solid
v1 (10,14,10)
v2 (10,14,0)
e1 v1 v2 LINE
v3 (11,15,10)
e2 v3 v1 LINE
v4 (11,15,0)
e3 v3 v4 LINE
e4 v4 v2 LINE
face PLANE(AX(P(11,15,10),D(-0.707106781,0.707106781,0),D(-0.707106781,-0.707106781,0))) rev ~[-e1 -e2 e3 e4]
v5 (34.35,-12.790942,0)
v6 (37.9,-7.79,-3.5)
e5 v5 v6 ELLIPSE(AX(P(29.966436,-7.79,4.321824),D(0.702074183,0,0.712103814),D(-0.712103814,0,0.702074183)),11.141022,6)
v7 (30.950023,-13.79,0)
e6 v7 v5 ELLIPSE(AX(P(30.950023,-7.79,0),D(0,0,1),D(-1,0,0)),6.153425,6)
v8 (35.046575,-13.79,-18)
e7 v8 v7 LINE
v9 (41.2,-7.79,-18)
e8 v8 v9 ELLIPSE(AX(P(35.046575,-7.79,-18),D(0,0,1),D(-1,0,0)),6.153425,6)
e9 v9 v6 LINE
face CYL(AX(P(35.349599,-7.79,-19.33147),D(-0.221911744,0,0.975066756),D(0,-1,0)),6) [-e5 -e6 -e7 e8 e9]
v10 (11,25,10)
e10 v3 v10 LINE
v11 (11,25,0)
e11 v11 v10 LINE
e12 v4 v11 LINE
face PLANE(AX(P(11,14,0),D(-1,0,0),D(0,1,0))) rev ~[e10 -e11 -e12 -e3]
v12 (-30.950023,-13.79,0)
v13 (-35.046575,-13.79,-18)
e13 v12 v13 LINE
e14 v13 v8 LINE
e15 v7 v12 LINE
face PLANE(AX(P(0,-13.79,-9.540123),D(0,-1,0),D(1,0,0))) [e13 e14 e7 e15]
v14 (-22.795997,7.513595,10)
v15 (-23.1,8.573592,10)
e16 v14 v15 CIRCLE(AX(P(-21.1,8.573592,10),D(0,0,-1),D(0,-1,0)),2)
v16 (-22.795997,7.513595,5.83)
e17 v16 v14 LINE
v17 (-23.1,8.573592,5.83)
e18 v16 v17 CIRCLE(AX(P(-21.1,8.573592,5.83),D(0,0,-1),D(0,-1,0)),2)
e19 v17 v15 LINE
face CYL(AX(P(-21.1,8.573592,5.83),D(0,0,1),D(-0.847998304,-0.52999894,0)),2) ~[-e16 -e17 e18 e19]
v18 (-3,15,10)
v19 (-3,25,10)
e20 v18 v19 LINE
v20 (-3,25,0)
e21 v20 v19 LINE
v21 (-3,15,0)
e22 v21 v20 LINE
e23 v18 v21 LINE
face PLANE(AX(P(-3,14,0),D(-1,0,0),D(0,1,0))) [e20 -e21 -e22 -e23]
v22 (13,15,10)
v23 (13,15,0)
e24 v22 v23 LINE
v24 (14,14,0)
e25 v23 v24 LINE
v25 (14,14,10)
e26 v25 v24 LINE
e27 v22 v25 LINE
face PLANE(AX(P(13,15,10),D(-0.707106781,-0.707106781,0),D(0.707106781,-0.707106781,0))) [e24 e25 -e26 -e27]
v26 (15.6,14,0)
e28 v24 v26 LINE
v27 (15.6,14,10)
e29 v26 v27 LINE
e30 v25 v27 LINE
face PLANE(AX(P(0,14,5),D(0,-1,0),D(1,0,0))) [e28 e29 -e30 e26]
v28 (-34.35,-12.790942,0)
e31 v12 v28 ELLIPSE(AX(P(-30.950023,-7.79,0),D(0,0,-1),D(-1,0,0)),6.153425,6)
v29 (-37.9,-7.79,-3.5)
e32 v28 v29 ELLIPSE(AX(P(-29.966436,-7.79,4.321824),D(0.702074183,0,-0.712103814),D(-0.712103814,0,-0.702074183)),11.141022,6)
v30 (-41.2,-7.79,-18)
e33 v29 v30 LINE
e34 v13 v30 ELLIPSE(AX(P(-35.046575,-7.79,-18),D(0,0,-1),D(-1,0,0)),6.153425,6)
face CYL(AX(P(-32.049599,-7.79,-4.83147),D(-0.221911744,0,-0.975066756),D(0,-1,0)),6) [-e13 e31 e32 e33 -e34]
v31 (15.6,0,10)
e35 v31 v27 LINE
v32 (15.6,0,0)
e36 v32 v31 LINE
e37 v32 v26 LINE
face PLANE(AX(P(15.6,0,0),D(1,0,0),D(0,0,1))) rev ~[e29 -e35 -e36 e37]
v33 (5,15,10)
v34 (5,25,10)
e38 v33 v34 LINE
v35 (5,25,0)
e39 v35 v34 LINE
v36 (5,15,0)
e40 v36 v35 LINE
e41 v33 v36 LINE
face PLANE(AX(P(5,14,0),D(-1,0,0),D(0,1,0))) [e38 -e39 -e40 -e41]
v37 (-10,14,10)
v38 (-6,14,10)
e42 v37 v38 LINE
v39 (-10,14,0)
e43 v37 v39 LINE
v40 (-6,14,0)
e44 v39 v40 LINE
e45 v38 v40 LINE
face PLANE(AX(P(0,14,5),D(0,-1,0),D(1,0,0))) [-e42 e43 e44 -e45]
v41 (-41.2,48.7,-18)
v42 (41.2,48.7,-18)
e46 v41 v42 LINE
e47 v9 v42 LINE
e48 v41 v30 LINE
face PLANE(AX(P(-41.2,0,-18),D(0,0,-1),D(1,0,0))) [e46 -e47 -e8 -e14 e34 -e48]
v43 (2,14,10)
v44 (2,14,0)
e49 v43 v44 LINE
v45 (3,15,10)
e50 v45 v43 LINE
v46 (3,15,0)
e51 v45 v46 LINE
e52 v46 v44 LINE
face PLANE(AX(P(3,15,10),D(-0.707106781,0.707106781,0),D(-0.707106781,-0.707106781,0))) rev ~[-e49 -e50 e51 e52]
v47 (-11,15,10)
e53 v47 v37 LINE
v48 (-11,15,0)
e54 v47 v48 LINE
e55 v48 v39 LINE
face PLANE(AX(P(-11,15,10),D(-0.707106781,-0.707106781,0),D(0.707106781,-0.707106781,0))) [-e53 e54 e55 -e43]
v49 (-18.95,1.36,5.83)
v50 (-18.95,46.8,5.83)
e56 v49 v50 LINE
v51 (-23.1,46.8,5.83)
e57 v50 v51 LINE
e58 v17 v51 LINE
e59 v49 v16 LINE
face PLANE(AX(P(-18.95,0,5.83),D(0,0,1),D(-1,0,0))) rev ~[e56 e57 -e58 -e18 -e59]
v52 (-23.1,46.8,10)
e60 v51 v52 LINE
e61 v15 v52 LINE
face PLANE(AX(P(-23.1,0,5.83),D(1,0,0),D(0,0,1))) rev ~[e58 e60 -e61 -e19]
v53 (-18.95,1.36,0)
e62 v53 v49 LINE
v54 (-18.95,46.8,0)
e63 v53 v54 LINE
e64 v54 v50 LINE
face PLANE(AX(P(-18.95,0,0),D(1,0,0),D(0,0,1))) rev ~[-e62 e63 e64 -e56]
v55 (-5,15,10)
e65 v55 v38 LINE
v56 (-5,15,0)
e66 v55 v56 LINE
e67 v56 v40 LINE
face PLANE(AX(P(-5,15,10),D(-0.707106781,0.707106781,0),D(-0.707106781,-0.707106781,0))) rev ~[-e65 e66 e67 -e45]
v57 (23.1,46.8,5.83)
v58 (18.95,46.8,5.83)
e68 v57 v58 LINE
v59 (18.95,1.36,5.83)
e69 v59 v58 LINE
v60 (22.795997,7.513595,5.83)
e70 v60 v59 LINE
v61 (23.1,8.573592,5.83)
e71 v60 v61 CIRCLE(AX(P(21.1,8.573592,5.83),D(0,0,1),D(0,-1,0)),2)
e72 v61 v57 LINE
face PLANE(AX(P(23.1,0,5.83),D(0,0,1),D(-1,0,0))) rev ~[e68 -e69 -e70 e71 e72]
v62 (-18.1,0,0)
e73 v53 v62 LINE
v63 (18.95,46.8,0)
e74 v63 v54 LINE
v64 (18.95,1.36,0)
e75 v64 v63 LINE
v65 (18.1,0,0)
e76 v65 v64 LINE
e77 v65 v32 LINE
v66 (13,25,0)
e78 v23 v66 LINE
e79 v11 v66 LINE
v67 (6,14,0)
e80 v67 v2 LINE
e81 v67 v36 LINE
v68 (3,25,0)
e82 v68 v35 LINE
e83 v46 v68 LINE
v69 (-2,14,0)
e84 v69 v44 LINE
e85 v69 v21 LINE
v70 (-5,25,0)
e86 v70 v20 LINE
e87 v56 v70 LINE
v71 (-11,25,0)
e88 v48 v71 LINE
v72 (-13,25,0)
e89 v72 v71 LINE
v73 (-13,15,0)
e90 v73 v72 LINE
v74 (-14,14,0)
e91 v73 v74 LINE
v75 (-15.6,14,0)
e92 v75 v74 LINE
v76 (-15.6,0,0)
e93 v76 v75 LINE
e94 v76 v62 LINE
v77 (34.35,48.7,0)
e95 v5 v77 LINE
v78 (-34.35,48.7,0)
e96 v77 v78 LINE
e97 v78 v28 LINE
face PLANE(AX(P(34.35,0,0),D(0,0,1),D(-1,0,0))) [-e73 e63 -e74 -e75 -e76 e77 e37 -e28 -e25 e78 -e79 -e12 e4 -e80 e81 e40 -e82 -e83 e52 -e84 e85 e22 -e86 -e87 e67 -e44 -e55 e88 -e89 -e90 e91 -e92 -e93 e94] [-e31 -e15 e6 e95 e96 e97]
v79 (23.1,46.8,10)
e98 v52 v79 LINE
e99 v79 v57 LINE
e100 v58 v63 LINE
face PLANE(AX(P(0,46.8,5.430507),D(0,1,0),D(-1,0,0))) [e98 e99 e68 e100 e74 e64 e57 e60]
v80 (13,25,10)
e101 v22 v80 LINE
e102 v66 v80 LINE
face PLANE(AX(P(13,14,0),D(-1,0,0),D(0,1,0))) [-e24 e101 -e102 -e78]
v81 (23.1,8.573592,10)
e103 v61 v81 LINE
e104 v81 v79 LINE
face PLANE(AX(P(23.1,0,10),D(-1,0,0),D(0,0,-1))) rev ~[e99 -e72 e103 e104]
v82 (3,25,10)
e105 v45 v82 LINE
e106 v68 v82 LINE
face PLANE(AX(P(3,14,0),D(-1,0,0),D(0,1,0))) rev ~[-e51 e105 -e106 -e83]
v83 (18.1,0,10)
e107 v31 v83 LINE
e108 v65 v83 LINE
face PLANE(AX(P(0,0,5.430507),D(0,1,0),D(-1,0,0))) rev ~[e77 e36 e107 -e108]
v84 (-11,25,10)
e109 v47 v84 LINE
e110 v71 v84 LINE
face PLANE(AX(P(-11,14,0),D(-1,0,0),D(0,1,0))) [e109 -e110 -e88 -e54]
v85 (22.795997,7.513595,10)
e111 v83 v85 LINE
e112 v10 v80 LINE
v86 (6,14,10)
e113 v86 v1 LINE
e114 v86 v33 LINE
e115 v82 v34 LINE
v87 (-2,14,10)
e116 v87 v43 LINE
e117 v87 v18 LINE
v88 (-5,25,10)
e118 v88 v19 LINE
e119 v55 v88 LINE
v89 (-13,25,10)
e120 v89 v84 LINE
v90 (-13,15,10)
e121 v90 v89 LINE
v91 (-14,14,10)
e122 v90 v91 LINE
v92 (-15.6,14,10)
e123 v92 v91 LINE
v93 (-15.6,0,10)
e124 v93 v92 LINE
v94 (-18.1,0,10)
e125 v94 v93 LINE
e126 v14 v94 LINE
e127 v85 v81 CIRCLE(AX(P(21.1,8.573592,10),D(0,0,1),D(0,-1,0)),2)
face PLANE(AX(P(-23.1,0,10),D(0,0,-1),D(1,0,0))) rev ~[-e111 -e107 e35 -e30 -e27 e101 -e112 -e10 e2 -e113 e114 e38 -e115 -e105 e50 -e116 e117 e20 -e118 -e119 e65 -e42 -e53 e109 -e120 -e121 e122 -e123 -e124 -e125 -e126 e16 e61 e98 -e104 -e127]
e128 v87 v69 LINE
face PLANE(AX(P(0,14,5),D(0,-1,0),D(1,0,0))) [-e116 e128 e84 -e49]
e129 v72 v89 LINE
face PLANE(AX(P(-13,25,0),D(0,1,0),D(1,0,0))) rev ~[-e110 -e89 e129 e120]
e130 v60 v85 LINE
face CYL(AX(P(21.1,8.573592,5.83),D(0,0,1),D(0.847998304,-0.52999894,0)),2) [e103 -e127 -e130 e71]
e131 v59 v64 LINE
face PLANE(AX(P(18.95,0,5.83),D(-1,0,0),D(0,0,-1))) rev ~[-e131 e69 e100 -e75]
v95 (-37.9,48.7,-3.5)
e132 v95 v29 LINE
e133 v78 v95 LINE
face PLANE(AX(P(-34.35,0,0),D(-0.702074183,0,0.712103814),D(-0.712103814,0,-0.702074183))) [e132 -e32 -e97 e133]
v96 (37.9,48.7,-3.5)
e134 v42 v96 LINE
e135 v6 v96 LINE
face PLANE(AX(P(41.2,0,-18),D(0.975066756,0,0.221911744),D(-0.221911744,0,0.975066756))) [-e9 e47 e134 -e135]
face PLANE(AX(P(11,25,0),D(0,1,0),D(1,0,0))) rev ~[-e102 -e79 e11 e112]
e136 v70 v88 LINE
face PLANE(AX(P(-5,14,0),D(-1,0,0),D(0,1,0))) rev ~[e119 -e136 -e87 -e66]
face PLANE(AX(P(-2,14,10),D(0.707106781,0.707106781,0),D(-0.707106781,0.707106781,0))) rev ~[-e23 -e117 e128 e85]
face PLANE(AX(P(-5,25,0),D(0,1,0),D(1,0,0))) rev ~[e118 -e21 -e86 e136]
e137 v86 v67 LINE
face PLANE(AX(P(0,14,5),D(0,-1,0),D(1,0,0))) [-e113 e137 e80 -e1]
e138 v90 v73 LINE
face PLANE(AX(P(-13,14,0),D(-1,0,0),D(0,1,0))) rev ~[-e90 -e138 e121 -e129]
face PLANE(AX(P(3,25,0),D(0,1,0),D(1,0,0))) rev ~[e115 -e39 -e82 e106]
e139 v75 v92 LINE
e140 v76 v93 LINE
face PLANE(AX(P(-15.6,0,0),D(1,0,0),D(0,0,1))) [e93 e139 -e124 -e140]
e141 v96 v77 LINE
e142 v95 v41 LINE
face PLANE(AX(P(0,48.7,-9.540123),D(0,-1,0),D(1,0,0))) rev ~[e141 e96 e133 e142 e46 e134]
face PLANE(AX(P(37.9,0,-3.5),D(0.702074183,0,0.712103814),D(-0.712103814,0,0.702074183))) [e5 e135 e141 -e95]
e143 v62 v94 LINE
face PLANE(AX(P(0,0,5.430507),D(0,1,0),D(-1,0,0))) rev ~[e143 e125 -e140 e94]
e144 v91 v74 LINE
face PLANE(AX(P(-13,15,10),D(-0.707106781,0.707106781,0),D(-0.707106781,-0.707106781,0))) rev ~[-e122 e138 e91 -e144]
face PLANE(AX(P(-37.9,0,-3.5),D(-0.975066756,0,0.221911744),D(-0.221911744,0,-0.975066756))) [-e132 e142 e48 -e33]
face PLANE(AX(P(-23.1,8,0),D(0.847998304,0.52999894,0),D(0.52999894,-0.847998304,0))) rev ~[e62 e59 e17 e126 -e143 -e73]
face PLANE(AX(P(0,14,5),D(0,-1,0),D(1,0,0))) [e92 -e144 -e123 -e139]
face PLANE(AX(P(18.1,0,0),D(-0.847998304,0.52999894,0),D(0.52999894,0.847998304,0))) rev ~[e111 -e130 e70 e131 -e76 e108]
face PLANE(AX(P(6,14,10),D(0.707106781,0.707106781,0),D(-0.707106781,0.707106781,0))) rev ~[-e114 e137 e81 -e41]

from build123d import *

# Parameters (mm, degrees)
PAD_DEPTH       = 13.79
PAD001_DEPTH    = 48.7
PAD002_DEPTH    = 46.8
SKETCH002_W     = 31.2
SKETCH002_H     = 10
POCKET_DEPTH    = 14
POCKET001_DEPTH = 10
FILLET_R        = 6
SKETCH004_W     = 2
SKETCH004_H     = 11
POCKET002_DEPTH = 10
POCKET003_DEPTH = 10
FILLET001_R     = 2


with BuildPart() as part:
    # Sketch → Pad (new body)
    with BuildSketch(Plane.XZ):
        Polygon((34.35, 0), (-34.35, 0), (-37.9, -3.5), (-41.2, -18), (41.2, -18), (37.9, -3.5), align=None)
    extrude(amount=PAD_DEPTH)

    # Sketch → Pad001 (join)
    with BuildSketch(Plane.XZ):
        Polygon((34.35, 0), (-34.35, 0), (-37.9, -3.5), (-41.2, -18), (41.2, -18), (37.9, -3.5), align=None)
    extrude(amount=-PAD001_DEPTH)

    # Sketch001 → Pad002 (join)
    with BuildSketch(Plane.XZ):
        Polygon((-18.95, 0), (-18.95, 5.83), (-23.1, 5.83), (-23.1, 10), (23.1, 10), (23.1, 5.83), (18.95, 5.83), (18.95, 0), align=None)
    extrude(amount=-PAD002_DEPTH)

    # Sketch002 → Pocket (cut)
    with BuildSketch(Plane.XZ):
        with Locations((0, 5)):
            Rectangle(SKETCH002_W, SKETCH002_H)
    extrude(amount=-POCKET_DEPTH, mode=Mode.SUBTRACT)

    # Sketch003 → Pocket001 (cut)
    with BuildSketch(Plane.XY):
        Polygon((18.1, 0), (23.1, 8), (23.1, 0), align=None)
        Polygon((-23.1, 0), (-23.1, 8), (-18.1, 0), align=None)
    extrude(amount=POCKET001_DEPTH, mode=Mode.SUBTRACT)

    # Fillet
    fillet_edges = [part.edges().sort_by_distance(p)[0] for p in [
        (39.55, -13.79, -10.75),
        (-39.55, -13.79, -10.75),
    ]]
    fillet(fillet_edges, radius=FILLET_R)

    # Sketch004 → Pocket002 (cut)
    with BuildSketch(Plane.XY):
        with Locations((-12, 19.5)):
            Rectangle(SKETCH004_W, SKETCH004_H)
        with Locations((-4, 19.5)):
            Rectangle(SKETCH004_W, SKETCH004_H)
        with Locations((4, 19.5)):
            Rectangle(SKETCH004_W, SKETCH004_H)
        with Locations((12, 19.5)):
            Rectangle(SKETCH004_W, SKETCH004_H)
    extrude(amount=POCKET002_DEPTH, mode=Mode.SUBTRACT)

    # Sketch005 (on Face25 of Pocket002) → Pocket003 (cut)
    with BuildSketch(Plane(origin=(0, 0, 10), x_dir=(-1, 0, 0), z_dir=(0, 0, 1))):
        Polygon((13, -15), (14, -14), (13, -14), align=None)
        Polygon((11, -14), (11, -15), (10, -14), align=None)
        Polygon((5, -15), (6, -14), (5, -14), align=None)
        Polygon((2, -14), (3, -15), (3, -14), align=None)
        Polygon((-3, -14), (-3, -15), (-2, -14), align=None)
        Polygon((-6, -14), (-5, -15), (-5, -14), align=None)
        Polygon((-11, -14), (-11, -15), (-10, -14), align=None)
        Polygon((-13, -14), (-13, -15), (-14, -14), align=None)
    extrude(amount=-POCKET003_DEPTH, mode=Mode.SUBTRACT)

    # Fillet001
    fillet001_edges = [part.edges().sort_by_distance(p)[0] for p in [
        (23.1, 8, 7.915),
        (-23.1, 8, 7.915),
    ]]
    fillet(fillet001_edges, radius=FILLET001_R)


solid = part.part
